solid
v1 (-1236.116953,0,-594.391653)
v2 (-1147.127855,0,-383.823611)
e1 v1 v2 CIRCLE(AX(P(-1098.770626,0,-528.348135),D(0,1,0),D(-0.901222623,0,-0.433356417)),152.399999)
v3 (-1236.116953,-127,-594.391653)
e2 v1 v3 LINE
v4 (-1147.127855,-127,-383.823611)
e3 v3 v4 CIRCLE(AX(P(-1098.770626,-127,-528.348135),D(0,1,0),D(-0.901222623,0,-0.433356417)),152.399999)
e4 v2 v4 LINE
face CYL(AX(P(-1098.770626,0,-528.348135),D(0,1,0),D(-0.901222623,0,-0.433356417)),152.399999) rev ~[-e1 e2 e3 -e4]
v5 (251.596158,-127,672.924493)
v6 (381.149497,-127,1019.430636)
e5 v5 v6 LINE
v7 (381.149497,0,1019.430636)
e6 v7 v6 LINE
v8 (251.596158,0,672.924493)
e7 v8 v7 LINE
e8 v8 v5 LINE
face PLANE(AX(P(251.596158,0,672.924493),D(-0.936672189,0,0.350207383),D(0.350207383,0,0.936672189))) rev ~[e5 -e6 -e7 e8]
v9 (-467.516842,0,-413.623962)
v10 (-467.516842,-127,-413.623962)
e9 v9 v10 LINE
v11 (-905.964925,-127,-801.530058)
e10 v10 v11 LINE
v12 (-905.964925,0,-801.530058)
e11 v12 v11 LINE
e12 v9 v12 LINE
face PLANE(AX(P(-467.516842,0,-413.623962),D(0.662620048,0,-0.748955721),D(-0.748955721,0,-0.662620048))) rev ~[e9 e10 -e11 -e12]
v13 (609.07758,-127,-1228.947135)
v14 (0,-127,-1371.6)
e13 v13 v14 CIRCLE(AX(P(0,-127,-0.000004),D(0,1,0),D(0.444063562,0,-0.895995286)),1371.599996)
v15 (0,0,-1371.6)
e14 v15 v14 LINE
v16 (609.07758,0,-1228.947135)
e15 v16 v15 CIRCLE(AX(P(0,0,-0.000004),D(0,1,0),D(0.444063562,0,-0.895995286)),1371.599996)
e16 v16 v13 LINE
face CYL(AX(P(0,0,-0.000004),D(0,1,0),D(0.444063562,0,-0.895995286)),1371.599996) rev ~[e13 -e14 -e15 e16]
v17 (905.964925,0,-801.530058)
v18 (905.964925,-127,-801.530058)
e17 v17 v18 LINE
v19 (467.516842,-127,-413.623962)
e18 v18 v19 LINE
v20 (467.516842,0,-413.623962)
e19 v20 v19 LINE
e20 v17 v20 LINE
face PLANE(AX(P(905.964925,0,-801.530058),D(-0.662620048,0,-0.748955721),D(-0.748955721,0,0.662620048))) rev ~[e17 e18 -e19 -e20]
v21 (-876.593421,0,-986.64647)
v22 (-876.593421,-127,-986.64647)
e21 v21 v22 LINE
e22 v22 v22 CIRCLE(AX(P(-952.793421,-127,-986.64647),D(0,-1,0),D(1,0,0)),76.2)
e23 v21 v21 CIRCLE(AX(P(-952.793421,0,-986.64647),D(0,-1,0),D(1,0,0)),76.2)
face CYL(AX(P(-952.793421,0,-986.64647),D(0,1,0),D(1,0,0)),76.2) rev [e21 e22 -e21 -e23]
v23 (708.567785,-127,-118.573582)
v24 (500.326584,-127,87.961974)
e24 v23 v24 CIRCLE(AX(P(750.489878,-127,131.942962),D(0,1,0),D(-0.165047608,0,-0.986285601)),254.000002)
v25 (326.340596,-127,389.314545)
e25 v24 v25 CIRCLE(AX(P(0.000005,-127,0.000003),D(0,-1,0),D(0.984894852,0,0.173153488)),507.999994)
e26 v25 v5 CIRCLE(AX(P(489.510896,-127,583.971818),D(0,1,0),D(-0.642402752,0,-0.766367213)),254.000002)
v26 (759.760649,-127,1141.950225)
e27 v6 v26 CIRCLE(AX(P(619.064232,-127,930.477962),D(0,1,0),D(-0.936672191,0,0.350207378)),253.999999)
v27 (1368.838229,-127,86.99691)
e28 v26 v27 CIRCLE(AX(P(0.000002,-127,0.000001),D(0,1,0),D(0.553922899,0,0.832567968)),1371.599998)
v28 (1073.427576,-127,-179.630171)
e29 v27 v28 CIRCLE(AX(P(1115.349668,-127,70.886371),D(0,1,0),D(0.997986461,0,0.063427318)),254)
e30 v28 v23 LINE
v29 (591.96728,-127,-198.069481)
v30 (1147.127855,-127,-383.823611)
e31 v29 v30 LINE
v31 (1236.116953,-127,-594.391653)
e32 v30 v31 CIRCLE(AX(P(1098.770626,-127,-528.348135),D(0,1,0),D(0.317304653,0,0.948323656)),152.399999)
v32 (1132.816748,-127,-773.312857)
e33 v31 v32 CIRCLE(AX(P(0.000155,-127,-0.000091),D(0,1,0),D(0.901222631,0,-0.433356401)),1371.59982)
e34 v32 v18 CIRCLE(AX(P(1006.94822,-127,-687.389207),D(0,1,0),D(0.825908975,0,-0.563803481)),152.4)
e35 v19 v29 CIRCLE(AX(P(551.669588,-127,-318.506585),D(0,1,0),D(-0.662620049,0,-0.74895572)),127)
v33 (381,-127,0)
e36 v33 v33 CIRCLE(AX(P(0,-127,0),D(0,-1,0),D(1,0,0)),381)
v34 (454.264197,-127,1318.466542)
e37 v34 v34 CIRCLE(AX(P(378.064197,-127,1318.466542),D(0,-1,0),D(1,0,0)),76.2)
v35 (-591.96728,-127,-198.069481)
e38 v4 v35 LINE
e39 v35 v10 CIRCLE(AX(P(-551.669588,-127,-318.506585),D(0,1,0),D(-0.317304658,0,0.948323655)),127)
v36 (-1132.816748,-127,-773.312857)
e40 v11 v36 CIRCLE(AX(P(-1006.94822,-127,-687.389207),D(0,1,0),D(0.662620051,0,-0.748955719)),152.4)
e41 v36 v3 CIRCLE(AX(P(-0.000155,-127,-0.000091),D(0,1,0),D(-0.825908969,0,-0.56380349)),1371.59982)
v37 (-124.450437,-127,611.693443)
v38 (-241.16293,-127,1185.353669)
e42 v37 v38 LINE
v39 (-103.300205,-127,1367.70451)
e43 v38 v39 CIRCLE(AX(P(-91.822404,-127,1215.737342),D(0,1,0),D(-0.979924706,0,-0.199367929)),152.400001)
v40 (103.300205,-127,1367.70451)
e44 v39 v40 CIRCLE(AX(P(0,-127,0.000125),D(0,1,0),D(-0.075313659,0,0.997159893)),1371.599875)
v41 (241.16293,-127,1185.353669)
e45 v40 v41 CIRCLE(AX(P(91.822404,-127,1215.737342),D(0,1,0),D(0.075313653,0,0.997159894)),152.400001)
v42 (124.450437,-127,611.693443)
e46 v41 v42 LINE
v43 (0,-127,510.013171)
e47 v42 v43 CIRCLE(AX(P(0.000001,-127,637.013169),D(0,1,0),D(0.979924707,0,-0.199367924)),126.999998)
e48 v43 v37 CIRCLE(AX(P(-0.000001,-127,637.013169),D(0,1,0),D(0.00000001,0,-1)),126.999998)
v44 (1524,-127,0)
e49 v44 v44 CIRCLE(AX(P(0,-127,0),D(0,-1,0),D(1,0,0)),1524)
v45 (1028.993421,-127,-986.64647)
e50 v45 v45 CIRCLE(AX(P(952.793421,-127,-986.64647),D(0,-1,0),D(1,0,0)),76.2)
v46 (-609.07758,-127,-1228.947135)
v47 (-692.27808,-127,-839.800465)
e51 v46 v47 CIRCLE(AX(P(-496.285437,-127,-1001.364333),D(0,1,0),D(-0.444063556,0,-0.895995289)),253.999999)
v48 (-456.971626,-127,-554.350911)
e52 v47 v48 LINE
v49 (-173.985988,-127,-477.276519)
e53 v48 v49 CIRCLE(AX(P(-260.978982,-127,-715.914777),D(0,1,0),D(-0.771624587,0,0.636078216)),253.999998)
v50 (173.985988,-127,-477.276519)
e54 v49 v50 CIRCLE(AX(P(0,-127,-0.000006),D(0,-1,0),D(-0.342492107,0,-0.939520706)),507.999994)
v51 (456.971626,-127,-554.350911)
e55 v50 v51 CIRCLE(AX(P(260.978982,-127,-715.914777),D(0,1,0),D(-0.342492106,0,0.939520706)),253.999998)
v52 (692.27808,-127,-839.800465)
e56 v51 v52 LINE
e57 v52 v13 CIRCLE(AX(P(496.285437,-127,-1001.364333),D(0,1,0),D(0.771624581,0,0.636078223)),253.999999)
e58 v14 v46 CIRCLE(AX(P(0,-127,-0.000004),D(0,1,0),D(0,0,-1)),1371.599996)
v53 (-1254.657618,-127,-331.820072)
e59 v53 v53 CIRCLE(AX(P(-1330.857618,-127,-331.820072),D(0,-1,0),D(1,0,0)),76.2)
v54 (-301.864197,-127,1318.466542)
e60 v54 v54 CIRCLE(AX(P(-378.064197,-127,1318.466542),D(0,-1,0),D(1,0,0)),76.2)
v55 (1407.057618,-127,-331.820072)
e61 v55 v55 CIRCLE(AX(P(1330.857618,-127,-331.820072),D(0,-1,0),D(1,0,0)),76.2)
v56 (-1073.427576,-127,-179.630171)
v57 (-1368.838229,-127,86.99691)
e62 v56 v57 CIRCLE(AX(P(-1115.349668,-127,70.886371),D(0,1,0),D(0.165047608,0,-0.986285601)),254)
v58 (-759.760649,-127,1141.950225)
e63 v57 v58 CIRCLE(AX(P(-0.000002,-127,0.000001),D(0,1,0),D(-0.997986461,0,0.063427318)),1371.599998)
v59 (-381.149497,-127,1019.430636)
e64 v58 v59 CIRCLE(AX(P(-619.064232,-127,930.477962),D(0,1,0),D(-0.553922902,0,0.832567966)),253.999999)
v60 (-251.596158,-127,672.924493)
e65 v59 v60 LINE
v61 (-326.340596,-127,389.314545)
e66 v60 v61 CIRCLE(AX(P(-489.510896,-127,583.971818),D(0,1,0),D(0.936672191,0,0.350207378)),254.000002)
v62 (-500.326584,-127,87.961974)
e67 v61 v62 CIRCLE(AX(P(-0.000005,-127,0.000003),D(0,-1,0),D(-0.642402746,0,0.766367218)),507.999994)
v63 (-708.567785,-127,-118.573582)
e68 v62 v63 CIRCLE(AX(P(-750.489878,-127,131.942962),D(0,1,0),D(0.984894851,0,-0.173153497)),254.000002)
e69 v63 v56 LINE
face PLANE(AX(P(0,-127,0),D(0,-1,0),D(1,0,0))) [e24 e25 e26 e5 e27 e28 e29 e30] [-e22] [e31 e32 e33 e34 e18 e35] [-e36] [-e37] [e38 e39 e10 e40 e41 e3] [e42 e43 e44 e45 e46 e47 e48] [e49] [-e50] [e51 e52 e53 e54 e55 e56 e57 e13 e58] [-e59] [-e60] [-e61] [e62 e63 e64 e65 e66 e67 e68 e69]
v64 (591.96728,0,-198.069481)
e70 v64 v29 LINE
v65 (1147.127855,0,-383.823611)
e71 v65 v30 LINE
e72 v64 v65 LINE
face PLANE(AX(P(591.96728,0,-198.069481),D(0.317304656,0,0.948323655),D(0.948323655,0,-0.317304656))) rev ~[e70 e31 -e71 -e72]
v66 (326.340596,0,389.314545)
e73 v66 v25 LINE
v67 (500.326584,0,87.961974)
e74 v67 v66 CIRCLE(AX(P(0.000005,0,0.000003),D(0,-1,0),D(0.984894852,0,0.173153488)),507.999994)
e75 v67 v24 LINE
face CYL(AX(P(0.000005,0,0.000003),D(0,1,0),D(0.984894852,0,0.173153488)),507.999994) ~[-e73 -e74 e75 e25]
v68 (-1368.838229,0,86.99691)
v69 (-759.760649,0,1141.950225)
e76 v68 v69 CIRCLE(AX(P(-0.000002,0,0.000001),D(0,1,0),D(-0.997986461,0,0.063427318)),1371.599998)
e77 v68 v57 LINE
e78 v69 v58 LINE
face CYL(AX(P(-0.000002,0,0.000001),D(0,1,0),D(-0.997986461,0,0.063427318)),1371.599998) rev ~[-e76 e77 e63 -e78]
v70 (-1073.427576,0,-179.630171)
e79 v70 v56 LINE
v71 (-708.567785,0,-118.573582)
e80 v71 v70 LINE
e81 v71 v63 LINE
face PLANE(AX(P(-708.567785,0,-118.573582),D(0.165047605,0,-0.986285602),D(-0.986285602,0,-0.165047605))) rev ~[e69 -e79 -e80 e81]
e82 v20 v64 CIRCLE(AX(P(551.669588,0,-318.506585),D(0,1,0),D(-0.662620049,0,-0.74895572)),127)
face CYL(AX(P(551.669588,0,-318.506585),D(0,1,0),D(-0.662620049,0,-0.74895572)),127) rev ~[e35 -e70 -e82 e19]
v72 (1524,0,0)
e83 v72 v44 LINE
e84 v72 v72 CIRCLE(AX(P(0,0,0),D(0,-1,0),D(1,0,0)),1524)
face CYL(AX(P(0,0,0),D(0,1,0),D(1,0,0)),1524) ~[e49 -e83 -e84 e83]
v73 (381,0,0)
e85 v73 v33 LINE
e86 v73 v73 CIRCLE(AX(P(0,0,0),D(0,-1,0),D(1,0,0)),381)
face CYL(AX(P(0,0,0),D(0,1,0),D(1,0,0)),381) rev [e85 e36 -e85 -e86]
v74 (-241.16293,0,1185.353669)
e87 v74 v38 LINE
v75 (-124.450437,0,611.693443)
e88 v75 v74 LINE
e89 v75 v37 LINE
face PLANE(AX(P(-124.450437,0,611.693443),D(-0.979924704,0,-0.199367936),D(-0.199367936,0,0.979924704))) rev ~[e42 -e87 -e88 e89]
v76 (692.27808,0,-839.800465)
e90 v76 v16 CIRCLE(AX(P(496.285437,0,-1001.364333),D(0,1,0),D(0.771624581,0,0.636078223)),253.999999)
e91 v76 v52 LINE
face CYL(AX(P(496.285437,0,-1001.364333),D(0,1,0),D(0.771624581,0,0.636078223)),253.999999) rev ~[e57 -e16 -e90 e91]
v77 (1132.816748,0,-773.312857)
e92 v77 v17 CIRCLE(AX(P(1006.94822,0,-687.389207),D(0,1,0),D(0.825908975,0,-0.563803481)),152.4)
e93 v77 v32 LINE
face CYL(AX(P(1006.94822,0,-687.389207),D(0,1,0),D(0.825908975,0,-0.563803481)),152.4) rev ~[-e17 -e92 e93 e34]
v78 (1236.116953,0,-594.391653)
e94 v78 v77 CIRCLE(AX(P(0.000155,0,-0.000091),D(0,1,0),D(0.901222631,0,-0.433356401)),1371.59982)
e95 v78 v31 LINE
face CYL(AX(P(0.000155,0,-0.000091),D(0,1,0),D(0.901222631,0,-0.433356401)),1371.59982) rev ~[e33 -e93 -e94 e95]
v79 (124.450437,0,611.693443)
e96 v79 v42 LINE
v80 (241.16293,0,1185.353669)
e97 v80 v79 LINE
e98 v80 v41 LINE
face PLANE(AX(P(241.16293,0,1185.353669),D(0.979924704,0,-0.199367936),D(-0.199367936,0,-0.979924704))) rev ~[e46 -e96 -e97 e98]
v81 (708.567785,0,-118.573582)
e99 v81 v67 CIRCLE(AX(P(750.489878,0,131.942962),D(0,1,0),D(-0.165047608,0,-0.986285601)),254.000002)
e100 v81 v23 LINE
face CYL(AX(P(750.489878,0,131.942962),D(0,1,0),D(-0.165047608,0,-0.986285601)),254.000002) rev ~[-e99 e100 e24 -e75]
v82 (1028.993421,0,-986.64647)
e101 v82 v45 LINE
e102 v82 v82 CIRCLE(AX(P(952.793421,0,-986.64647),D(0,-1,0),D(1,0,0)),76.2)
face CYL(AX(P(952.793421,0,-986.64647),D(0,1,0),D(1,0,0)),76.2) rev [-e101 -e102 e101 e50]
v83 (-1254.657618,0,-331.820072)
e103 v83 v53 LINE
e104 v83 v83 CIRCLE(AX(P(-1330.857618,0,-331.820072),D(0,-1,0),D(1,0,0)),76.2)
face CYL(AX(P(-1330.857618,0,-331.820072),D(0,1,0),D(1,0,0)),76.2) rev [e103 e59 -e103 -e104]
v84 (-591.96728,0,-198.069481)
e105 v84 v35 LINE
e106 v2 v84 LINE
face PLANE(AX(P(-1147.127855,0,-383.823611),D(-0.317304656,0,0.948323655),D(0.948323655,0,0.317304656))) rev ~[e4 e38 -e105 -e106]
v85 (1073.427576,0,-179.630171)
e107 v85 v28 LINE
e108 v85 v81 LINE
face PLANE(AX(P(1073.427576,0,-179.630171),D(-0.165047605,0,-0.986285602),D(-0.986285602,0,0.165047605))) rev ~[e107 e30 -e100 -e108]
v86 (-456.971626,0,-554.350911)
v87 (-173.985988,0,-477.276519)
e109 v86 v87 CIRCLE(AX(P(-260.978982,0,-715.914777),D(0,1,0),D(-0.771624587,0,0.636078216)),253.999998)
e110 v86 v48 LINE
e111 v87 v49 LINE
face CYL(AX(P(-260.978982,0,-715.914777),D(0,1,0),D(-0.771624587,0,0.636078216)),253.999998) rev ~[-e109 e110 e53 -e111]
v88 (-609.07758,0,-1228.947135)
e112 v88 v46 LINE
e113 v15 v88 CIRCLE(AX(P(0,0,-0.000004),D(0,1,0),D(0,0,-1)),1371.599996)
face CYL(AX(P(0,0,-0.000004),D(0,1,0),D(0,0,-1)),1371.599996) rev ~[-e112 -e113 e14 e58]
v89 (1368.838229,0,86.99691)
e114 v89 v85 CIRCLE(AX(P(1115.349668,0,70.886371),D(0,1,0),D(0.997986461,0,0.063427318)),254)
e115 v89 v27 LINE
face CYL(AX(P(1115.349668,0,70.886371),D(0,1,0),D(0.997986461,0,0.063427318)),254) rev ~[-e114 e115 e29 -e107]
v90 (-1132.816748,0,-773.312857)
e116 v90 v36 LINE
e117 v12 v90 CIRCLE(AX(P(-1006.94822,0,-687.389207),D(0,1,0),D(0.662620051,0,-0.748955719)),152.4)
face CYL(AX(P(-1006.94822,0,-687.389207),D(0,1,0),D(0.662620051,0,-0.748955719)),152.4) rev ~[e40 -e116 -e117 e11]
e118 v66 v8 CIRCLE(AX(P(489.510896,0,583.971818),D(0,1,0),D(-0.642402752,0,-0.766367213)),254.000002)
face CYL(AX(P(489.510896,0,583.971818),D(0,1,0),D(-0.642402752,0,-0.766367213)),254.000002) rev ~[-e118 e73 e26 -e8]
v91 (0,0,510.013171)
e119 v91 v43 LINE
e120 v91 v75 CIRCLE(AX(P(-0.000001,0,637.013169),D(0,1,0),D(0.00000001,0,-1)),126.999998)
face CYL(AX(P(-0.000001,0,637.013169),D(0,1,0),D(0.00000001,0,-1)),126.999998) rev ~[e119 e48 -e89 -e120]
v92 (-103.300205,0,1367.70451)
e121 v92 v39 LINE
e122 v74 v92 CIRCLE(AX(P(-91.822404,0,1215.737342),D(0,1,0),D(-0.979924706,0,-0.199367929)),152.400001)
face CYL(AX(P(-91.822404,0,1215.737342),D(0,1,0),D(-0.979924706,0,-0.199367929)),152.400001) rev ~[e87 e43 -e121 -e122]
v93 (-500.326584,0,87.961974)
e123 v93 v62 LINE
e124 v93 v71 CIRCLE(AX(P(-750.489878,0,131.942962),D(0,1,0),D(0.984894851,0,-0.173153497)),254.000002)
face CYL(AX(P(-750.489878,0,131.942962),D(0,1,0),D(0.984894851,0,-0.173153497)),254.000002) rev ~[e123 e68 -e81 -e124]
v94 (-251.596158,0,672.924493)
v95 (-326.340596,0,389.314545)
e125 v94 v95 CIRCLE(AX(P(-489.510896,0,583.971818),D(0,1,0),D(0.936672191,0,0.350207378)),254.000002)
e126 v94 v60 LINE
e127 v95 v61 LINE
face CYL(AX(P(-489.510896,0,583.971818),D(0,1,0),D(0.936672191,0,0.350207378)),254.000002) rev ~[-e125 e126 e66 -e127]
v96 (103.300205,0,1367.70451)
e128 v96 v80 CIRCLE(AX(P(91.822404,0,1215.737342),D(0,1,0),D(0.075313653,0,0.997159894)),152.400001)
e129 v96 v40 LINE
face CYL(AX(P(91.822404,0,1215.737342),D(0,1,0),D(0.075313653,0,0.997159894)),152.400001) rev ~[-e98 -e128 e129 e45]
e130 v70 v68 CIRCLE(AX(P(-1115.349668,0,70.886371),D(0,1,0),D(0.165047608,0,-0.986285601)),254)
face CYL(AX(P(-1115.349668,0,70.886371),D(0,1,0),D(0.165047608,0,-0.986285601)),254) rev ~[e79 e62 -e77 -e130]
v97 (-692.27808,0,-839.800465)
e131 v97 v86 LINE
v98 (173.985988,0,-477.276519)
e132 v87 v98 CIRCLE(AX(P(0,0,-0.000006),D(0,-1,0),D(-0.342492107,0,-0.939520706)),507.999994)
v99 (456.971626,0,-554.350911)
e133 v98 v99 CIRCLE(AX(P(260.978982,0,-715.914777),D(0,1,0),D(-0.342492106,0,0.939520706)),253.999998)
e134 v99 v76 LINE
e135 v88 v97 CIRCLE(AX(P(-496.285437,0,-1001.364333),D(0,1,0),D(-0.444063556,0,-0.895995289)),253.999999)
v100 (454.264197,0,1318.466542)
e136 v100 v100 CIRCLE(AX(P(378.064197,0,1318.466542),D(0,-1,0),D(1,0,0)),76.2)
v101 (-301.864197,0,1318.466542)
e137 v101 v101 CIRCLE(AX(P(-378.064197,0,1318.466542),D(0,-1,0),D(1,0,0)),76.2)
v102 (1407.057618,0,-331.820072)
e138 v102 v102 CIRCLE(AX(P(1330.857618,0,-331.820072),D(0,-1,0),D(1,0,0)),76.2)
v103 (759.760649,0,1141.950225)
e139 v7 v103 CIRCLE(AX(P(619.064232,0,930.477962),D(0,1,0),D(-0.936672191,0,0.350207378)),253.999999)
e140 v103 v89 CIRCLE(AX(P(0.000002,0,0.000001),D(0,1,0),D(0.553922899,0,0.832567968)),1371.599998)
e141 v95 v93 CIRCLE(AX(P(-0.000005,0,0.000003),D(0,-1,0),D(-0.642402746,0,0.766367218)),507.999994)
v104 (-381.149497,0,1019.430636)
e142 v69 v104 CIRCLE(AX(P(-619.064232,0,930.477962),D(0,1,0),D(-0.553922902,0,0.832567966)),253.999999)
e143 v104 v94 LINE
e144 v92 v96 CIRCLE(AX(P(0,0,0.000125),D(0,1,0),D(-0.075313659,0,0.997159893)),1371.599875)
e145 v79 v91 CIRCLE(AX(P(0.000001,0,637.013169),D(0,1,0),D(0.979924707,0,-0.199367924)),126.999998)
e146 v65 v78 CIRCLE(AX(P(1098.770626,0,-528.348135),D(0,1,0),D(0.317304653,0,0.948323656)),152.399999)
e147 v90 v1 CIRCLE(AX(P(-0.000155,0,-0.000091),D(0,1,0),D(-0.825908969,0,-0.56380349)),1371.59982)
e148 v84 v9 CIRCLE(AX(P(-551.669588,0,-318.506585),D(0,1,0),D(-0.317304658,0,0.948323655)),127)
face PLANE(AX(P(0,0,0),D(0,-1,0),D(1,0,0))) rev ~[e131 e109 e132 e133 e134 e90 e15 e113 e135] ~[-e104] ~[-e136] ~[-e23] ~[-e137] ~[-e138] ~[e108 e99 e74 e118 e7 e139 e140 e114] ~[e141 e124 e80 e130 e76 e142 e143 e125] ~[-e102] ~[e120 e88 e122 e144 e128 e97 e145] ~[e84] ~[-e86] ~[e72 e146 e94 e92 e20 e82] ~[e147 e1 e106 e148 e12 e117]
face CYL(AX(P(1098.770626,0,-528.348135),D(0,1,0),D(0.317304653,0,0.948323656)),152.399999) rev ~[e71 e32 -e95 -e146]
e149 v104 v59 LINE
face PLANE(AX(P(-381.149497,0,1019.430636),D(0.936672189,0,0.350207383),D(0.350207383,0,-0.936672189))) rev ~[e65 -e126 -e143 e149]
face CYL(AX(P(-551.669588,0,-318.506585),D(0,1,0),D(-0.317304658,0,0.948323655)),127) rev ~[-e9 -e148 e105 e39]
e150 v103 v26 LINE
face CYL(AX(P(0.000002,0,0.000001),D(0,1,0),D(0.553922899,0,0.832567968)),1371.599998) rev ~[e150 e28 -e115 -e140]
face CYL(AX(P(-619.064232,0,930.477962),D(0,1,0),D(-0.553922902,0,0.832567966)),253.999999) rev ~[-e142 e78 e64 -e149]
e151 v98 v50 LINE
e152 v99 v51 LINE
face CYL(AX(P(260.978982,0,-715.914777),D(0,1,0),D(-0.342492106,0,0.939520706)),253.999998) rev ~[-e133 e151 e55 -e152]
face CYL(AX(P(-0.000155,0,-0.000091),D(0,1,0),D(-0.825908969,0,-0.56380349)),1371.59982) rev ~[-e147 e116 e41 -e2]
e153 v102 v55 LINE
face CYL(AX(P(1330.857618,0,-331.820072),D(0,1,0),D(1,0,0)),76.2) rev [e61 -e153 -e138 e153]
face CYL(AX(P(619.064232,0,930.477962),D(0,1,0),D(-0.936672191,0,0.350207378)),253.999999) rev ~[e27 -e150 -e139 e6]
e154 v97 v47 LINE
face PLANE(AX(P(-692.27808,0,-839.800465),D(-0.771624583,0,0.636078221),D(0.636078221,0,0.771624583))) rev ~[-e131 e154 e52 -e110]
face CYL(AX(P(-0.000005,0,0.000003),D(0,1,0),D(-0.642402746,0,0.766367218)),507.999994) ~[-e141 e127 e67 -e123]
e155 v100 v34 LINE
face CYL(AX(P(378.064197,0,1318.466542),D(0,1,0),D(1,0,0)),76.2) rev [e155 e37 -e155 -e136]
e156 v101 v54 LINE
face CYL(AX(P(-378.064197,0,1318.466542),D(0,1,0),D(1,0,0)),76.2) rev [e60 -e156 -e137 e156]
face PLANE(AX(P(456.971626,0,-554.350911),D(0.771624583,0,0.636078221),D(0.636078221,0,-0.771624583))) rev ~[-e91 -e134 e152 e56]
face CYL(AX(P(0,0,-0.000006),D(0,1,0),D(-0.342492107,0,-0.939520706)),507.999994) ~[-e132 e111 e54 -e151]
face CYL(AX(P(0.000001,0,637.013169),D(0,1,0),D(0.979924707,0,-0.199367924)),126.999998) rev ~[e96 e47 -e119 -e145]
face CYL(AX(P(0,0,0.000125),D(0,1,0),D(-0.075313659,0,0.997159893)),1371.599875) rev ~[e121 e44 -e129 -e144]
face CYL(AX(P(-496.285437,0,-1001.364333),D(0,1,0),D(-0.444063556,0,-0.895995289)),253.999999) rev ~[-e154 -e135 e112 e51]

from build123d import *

# Parameters (mm, degrees)
F0_R     = 1524
F0_R_2   = 76.2
F0_R_3   = 381
F1_DEPTH = 127


with BuildPart() as f1:
    # F0 (on Front) → F1 (new body)
    with BuildSketch(Plane.XZ):
        Circle(F0_R)
        with Locations((-952.793421, -986.64647)):
            Circle(F0_R_2, mode=Mode.SUBTRACT)
        with BuildLine():
            Line((-1147.127855, -383.823611), (-591.96728, -198.069481))
            ThreePointArc((-591.96728, -198.069481), (-441.684362, -255.006585), (-467.516842, -413.623962))
            Line((-467.516842, -413.623962), (-905.964925, -801.530058))
            ThreePointArc((-905.964925, -801.530058), (-1025.759688, -838.623755), (-1132.816748, -773.312857))
            ThreePointArc((-1132.816748, -773.312857), (-1187.840444, -685.8), (-1236.116953, -594.391653))
            ThreePointArc((-1236.116953, -594.391653), (-1239.14932, -469.02207), (-1147.127855, -383.823611))
        make_face(mode=Mode.SUBTRACT)
        with Locations((-1330.857618, -331.820072)):
            Circle(F0_R_2, mode=Mode.SUBTRACT)
        with BuildLine():
            Line((-692.27808, -839.800465), (-456.971626, -554.350911))
            ThreePointArc((-456.971626, -554.350911), (-327.727364, -470.842027), (-173.985988, -477.276519))
            ThreePointArc((-173.985988, -477.276519), (0, -508), (173.985988, -477.276519))
            ThreePointArc((173.985988, -477.276519), (327.727364, -470.842027), (456.971626, -554.350911))
            Line((456.971626, -554.350911), (692.27808, -839.800465))
            ThreePointArc((692.27808, -839.800465), (744.671817, -1054.469942), (609.07758, -1228.947135))
            ThreePointArc((609.07758, -1228.947135), (312.78001, -1335.460679), (0, -1371.6))
            ThreePointArc((0, -1371.6), (-312.78001, -1335.460679), (-609.07758, -1228.947135))
            ThreePointArc((-609.07758, -1228.947135), (-744.671817, -1054.469942), (-692.27808, -839.800465))
        make_face(mode=Mode.SUBTRACT)
        with Locations((952.793421, -986.64647)):
            Circle(F0_R_2, mode=Mode.SUBTRACT)
        with BuildLine():
            Line((905.964925, -801.530058), (467.516842, -413.623962))
            ThreePointArc((467.516842, -413.623962), (441.684362, -255.006585), (591.96728, -198.069481))
            Line((591.96728, -198.069481), (1147.127855, -383.823611))
            ThreePointArc((1147.127855, -383.823611), (1239.14932, -469.02207), (1236.116953, -594.391653))
            ThreePointArc((1236.116953, -594.391653), (1187.840444, -685.8), (1132.816748, -773.312857))
            ThreePointArc((1132.816748, -773.312857), (1025.759688, -838.623755), (905.964925, -801.530058))
        make_face(mode=Mode.SUBTRACT)
        with Locations((1330.857618, -331.820072)):
            Circle(F0_R_2, mode=Mode.SUBTRACT)
        with BuildLine():
            ThreePointArc((-251.596158, 672.924493), (-243.897475, 519.241236), (-326.340596, 389.314545))
            ThreePointArc((-326.340596, 389.314545), (-439.940905, 254), (-500.326584, 87.961974))
            ThreePointArc((-500.326584, 87.961974), (-571.624839, -48.399209), (-708.567785, -118.573582))
            Line((-708.567785, -118.573582), (-1073.427576, -179.630171))
            ThreePointArc((-1073.427576, -179.630171), (-1285.533665, -117.66974), (-1368.838229, 86.99691))
            ThreePointArc((-1368.838229, 86.99691), (-1187.840444, 685.8), (-759.760649, 1141.950225))
            ThreePointArc((-759.760649, 1141.950225), (-540.861849, 1172.139682), (-381.149497, 1019.430636))
            Line((-381.149497, 1019.430636), (-251.596158, 672.924493))
        make_face(mode=Mode.SUBTRACT)
        with Locations((-378.064197, 1318.466542)):
            Circle(F0_R_2, mode=Mode.SUBTRACT)
        Circle(F0_R_3, mode=Mode.SUBTRACT)
        with BuildLine():
            ThreePointArc((708.567785, -118.573582), (571.624839, -48.399209), (500.326584, 87.961974))
            ThreePointArc((500.326584, 87.961974), (439.940905, 254), (326.340596, 389.314545))
            ThreePointArc((326.340596, 389.314545), (243.897475, 519.241236), (251.596158, 672.924493))
            Line((251.596158, 672.924493), (381.149497, 1019.430636))
            ThreePointArc((381.149497, 1019.430636), (540.861849, 1172.139682), (759.760649, 1141.950225))
            ThreePointArc((759.760649, 1141.950225), (1187.840444, 685.8), (1368.838229, 86.99691))
            ThreePointArc((1368.838229, 86.99691), (1285.533665, -117.66974), (1073.427576, -179.630171))
            Line((1073.427576, -179.630171), (708.567785, -118.573582))
        make_face(mode=Mode.SUBTRACT)
        with BuildLine():
            ThreePointArc((0, 510.013171), (-80.353577, 538.665305), (-124.450437, 611.693443))
            Line((-124.450437, 611.693443), (-241.16293, 1185.353669))
            ThreePointArc((-241.16293, 1185.353669), (-213.389632, 1307.645825), (-103.300205, 1367.70451))
            ThreePointArc((-103.300205, 1367.70451), (0, 1371.6), (103.300205, 1367.70451))
            ThreePointArc((103.300205, 1367.70451), (213.389632, 1307.645825), (241.16293, 1185.353669))
            Line((241.16293, 1185.353669), (124.450437, 611.693443))
            ThreePointArc((124.450437, 611.693443), (80.353577, 538.665305), (0, 510.013171))
        make_face(mode=Mode.SUBTRACT)
        with Locations((378.064197, 1318.466542)):
            Circle(F0_R_2, mode=Mode.SUBTRACT)
    extrude(amount=F1_DEPTH)


solid = f1.part
